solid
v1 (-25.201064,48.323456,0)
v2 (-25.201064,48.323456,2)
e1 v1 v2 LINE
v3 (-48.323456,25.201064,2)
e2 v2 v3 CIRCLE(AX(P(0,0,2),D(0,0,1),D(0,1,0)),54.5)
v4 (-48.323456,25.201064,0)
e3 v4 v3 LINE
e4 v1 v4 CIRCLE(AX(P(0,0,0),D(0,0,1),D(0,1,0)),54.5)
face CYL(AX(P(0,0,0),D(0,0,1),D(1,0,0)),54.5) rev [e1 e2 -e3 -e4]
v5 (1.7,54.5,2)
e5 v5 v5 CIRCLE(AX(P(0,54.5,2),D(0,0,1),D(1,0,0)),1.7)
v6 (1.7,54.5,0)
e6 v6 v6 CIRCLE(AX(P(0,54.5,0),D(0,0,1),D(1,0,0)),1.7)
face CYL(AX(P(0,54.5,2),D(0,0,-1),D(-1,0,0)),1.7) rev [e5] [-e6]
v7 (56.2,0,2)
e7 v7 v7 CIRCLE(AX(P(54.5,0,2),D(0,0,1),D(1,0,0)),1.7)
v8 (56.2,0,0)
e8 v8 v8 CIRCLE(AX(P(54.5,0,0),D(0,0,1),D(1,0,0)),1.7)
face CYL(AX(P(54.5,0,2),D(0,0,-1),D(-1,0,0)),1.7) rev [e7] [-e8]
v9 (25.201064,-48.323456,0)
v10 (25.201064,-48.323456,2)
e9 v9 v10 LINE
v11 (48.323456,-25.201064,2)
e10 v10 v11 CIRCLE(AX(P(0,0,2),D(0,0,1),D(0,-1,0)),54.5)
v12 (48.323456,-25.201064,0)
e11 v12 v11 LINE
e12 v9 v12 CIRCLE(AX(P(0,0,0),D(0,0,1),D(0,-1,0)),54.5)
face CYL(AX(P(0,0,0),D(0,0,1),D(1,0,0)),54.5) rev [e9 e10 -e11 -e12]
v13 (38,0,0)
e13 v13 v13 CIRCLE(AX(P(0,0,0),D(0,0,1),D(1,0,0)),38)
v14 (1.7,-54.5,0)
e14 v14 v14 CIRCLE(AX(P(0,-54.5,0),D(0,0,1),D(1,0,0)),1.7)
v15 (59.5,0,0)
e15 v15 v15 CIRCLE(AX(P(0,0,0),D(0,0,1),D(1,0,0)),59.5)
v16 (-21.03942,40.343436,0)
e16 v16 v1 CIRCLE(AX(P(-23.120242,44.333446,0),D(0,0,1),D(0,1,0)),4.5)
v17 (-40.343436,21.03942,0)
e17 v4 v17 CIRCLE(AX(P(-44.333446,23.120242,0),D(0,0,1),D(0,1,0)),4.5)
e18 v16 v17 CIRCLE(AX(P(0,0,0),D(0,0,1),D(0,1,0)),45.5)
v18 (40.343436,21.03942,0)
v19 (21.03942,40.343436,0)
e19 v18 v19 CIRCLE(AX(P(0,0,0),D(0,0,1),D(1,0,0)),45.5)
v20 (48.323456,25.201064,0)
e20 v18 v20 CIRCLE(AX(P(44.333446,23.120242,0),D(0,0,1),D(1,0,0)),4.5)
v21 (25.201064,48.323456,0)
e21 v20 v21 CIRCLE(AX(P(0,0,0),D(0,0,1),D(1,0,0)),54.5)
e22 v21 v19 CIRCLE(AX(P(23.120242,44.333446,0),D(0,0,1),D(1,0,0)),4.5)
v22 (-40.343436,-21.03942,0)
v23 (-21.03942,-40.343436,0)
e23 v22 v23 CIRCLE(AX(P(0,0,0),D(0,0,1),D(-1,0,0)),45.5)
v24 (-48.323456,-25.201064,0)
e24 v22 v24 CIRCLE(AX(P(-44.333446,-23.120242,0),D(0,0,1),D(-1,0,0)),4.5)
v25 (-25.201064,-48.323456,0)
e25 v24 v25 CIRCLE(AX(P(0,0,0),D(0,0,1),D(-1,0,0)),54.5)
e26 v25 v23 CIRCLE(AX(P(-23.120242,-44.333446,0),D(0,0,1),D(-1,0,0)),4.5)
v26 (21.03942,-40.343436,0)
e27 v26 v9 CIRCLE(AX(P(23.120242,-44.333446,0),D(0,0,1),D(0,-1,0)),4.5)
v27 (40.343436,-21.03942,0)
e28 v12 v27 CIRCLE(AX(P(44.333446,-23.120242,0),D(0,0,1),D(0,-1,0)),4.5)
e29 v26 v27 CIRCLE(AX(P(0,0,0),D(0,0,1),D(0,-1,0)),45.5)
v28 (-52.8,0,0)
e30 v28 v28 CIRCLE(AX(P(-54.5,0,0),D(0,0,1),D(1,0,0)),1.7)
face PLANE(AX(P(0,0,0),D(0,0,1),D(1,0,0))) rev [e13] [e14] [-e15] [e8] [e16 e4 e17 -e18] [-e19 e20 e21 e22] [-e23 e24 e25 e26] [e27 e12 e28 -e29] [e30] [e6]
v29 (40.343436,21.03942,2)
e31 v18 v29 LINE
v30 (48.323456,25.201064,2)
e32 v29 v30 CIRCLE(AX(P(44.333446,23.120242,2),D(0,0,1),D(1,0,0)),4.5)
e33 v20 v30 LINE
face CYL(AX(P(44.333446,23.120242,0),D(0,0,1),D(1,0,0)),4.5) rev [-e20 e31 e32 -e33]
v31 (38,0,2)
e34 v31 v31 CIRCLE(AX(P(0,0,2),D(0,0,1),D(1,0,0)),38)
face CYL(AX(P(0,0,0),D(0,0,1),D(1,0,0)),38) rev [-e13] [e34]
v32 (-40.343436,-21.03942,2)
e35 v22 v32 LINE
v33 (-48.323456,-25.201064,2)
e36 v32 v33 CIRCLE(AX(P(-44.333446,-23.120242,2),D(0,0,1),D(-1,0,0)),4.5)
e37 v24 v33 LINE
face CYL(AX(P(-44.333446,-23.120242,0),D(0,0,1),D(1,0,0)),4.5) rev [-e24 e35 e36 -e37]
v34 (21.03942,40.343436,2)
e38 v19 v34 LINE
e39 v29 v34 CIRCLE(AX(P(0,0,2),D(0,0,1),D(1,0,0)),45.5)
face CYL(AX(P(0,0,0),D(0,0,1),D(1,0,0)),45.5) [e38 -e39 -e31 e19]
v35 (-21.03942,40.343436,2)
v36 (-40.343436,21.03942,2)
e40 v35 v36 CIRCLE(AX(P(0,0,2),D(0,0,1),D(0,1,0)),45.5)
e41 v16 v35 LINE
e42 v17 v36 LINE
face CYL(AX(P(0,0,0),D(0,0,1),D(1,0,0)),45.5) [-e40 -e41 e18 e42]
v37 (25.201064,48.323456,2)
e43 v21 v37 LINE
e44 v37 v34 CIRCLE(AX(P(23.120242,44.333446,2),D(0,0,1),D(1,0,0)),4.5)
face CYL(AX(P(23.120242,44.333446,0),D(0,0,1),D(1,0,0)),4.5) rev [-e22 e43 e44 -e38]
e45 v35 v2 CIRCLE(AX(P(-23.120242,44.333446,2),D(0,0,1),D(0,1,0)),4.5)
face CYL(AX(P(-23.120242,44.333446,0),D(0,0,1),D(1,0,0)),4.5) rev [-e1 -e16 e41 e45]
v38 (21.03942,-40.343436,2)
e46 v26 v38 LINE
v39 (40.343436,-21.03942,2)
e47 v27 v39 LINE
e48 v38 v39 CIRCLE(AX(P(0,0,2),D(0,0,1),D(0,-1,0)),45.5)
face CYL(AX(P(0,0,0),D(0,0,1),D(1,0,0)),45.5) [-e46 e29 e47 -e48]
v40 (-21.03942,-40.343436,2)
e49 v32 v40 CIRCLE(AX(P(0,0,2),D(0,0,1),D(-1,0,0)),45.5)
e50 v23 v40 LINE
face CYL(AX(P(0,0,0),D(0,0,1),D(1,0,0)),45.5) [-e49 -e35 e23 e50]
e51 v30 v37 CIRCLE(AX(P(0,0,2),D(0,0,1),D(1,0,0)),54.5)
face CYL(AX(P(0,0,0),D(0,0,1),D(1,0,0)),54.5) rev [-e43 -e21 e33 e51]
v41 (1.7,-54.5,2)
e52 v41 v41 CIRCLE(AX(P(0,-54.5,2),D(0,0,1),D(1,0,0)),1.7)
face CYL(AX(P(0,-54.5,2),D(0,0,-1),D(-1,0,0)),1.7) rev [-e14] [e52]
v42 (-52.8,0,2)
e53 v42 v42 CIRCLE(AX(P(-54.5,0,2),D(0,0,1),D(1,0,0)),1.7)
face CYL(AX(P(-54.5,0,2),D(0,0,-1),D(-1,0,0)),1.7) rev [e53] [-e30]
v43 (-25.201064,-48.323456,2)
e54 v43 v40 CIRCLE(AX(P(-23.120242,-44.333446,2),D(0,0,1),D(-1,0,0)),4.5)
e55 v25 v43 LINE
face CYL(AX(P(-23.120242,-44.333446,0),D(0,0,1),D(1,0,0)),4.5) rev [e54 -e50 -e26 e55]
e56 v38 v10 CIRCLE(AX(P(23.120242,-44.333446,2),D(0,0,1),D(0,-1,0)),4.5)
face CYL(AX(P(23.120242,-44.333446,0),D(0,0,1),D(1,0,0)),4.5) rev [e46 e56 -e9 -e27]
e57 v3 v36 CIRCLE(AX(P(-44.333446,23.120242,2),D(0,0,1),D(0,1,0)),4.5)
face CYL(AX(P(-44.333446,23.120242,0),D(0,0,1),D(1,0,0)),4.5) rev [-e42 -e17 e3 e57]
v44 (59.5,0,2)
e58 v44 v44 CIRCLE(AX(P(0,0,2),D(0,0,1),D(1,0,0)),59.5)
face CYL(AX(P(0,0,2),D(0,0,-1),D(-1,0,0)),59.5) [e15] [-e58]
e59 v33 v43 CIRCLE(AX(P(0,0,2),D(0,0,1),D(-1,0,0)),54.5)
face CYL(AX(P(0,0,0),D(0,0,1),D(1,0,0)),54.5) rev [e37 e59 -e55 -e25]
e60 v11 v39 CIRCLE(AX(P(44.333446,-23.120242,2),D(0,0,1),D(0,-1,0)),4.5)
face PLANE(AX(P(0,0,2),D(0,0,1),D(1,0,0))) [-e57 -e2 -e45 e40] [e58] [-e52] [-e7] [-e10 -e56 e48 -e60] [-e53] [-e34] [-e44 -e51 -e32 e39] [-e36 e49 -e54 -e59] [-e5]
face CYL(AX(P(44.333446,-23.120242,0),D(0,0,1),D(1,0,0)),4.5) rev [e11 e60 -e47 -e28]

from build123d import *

# Parameters (mm, degrees)
SKETCH_1_R               = 59.5
SKETCH_1_R_2             = 1.7
EXTRUDE_4_DEPTH          = 2
SKETCH_2_R               = 38
CUT_EXTRUDE_1_DEPTH      = 2
CUT_EXTRUDE_3_DEPTH      = 2
PATTERN_CIRCULAR_2_COUNT = 4


with BuildPart() as part:
    # 草图1 → 凸台-拉伸4 (new body)
    with BuildSketch(Plane.XY):
        Circle(SKETCH_1_R)
        with Locations((0, 54.5)):
            Circle(SKETCH_1_R_2, mode=Mode.SUBTRACT)
        with Locations((54.5, 0)):
            Circle(SKETCH_1_R_2, mode=Mode.SUBTRACT)
        with Locations((0, -54.5)):
            Circle(SKETCH_1_R_2, mode=Mode.SUBTRACT)
        with Locations((-54.5, 0)):
            Circle(SKETCH_1_R_2, mode=Mode.SUBTRACT)
    extrude(amount=EXTRUDE_4_DEPTH)

    # 草图2 → 切除-拉伸1 (cut)
    with BuildSketch(Plane.XY.offset(2)):
        Circle(SKETCH_2_R)
    extrude(amount=-CUT_EXTRUDE_1_DEPTH, mode=Mode.SUBTRACT)

    # 草图4 → 切除-拉伸3 (cut)
    with BuildSketch(Plane.XY.offset(2)):
        with BuildLine():
            ThreePointArc((21.039420393, 40.34343552), (32.173358544, 32.173358544), (40.34343552, 21.039420393))
            ThreePointArc((40.34343552, 21.039420393), (46.414267423, 19.130232084), (48.323455732, 25.201063987))
            ThreePointArc((48.323455732, 25.201063987), (38.537319575, 38.537319575), (25.201063987, 48.323455732))
            ThreePointArc((25.201063987, 48.323455732), (19.130232084, 46.414267423), (21.039420393, 40.34343552))
        make_face()
    cut_extrude_3 = extrude(amount=-CUT_EXTRUDE_3_DEPTH, mode=Mode.SUBTRACT)

    # 阵列(圆周)2: 切除-拉伸3 ×4 about axis
    pattern_circular_2_axis = Axis((0, 0, 0), (0, 0, 1))
    for i in range(1, PATTERN_CIRCULAR_2_COUNT):
        add(cut_extrude_3.rotate(pattern_circular_2_axis, i * 360 / PATTERN_CIRCULAR_2_COUNT), mode=Mode.SUBTRACT)


solid = part.part
